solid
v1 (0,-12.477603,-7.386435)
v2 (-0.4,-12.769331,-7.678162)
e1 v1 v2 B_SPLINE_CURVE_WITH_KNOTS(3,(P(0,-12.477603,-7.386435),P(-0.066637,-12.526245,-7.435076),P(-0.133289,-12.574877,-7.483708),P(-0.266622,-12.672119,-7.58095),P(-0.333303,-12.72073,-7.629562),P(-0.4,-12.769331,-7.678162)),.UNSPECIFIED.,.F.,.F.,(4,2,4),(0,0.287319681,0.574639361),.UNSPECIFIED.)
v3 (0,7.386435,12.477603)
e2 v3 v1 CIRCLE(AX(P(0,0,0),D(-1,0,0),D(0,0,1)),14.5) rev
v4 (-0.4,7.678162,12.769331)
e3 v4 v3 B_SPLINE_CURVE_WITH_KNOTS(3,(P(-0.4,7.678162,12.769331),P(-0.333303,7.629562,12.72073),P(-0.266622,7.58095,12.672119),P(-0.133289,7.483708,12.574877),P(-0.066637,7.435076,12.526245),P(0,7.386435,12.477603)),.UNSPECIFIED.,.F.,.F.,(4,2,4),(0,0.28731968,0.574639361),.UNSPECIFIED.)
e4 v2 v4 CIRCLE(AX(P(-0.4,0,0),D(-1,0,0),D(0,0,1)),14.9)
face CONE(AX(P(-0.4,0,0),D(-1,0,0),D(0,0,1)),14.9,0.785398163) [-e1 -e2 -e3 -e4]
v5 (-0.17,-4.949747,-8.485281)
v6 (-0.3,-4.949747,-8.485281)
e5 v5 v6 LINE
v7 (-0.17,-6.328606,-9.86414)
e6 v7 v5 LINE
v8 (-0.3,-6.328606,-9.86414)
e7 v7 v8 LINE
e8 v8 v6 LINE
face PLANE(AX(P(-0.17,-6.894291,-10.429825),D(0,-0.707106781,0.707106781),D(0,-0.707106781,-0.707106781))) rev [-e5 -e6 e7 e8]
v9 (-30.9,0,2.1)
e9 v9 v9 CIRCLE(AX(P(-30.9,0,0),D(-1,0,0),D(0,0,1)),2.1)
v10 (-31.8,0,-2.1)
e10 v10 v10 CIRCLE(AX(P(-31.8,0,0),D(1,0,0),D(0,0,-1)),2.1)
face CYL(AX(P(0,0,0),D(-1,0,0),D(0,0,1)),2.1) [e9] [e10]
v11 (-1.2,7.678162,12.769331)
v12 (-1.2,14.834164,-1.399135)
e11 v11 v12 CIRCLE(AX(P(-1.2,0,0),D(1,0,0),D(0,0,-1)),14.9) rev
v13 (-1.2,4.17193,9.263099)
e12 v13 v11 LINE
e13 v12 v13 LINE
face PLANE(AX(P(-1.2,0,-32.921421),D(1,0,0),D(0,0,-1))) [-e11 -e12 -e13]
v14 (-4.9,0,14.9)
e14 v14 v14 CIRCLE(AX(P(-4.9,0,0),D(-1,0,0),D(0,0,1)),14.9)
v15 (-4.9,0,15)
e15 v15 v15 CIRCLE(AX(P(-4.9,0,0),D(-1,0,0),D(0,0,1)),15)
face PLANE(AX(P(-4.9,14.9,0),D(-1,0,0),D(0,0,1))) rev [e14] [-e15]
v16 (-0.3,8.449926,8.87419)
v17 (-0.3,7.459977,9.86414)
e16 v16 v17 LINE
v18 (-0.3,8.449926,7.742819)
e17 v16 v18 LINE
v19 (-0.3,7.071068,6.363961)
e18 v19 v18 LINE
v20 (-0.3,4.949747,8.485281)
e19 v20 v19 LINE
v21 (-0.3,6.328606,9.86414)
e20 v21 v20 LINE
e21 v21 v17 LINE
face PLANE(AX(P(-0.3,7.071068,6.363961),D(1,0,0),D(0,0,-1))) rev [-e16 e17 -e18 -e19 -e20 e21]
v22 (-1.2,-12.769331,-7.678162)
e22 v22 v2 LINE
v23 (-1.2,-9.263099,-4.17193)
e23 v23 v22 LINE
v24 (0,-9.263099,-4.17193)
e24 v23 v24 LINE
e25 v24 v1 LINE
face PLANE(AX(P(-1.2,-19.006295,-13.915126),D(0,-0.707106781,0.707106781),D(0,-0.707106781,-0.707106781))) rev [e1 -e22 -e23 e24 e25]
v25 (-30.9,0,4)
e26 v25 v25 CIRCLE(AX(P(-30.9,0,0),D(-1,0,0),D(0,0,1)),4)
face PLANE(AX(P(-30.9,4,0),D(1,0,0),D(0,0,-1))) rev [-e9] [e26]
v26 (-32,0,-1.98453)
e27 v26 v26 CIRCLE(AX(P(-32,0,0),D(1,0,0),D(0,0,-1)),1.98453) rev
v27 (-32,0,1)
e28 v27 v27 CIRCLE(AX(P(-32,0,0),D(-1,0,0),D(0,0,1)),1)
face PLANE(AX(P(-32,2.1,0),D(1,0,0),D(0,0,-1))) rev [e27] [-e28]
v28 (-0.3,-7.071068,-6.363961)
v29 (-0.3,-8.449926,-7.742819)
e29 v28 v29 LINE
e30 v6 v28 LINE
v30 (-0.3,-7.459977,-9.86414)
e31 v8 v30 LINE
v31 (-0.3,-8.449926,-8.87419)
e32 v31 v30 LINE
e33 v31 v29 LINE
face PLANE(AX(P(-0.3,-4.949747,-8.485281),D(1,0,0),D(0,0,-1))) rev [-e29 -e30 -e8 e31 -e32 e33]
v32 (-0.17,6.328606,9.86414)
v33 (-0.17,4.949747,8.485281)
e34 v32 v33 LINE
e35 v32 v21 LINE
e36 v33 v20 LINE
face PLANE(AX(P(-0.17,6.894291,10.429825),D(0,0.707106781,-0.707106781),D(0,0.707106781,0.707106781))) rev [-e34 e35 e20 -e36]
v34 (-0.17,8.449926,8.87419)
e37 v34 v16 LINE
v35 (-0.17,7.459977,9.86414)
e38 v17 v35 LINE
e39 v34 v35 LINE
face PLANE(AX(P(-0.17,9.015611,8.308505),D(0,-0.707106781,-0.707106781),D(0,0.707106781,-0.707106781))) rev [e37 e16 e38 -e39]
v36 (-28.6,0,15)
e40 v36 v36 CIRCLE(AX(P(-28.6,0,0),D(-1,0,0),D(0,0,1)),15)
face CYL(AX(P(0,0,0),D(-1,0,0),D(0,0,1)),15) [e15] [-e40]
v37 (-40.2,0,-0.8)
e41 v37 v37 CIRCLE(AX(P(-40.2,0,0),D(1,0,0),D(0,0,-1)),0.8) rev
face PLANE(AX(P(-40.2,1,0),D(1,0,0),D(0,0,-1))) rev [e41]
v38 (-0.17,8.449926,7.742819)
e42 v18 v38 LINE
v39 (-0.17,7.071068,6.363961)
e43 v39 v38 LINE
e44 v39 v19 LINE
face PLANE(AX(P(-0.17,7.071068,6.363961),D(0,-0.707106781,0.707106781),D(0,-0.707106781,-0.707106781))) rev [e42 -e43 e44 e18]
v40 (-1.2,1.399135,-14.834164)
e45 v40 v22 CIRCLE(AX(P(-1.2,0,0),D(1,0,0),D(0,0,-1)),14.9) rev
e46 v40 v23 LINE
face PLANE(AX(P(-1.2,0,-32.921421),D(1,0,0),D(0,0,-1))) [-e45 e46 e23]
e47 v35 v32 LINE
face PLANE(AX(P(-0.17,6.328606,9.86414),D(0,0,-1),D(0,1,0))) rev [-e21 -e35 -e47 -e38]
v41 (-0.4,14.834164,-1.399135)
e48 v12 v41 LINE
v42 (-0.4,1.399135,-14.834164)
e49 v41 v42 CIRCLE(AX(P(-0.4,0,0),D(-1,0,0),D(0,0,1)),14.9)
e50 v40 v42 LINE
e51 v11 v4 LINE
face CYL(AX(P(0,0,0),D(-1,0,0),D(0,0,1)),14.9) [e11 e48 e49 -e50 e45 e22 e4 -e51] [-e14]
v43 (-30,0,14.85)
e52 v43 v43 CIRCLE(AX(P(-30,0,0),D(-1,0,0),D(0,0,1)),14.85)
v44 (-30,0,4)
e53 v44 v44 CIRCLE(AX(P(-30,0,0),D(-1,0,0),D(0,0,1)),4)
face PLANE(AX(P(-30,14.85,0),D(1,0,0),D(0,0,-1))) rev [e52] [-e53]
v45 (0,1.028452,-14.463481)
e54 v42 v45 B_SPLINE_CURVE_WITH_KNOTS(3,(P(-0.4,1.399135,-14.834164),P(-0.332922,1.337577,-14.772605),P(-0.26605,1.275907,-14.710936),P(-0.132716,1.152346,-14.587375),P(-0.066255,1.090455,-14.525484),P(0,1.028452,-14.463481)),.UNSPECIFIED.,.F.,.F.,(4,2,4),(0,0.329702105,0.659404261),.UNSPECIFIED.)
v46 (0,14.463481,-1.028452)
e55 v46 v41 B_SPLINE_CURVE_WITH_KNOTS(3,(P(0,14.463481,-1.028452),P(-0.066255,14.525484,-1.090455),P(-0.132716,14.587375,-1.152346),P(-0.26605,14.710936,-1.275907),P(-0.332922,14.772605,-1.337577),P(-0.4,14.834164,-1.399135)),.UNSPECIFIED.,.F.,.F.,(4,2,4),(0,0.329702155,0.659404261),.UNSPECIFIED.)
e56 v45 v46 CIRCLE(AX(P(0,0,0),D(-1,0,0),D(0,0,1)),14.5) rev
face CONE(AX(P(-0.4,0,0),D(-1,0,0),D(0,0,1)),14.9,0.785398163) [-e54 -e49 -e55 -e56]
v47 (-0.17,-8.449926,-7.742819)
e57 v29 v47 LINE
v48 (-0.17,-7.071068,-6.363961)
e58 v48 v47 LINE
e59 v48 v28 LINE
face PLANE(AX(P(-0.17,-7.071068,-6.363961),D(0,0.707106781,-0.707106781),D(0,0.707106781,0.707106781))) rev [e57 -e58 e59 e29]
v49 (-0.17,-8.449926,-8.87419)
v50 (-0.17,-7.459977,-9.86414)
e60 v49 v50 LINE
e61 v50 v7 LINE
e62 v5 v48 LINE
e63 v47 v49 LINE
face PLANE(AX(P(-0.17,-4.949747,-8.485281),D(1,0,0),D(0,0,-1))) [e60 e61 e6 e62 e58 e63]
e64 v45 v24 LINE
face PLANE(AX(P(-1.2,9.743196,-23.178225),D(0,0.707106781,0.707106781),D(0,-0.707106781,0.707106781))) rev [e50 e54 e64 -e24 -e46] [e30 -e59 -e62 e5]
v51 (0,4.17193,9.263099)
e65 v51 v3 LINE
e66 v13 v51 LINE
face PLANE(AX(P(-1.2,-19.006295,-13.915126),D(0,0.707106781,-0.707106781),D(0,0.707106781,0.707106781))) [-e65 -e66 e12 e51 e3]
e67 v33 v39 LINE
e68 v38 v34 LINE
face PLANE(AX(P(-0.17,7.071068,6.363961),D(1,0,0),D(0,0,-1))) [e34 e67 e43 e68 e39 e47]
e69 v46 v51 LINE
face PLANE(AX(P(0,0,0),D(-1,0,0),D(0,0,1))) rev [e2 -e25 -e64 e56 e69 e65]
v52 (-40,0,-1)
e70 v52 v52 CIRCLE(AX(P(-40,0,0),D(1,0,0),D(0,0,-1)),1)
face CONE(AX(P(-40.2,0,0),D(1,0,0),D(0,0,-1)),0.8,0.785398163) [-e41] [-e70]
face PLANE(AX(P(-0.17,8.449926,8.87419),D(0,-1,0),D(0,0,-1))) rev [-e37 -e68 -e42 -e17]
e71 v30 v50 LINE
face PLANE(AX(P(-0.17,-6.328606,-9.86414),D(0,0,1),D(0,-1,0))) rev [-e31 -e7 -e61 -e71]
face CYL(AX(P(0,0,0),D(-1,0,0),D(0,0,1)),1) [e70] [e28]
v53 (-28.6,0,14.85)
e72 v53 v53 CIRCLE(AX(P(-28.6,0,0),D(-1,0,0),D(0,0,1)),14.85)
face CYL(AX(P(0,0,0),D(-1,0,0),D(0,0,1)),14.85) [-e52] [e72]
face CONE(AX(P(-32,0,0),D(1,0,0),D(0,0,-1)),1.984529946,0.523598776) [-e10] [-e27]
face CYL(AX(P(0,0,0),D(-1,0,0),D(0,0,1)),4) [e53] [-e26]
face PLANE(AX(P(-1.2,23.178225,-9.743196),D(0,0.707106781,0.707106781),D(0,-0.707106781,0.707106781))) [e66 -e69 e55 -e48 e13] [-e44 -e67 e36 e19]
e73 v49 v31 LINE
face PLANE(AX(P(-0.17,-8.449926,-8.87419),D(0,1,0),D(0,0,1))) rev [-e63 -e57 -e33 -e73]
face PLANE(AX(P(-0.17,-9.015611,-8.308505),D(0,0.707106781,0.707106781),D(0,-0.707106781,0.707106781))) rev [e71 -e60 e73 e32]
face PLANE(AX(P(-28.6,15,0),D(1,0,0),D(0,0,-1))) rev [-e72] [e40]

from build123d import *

# Parameters (mm, degrees)
ENL_V_MAT_EXTRU_2_DEPTH = 1.2
CHANFREIN1_SIZE         = 0.2
EXTRUSION1_DEPTH        = 0.13
CHANFREIN2_SIZE         = 0.8
CHANFREIN3_SIZE         = 0.4
CHANFREIN4_SIZE         = 0.2
CHANFREIN4_SIZE2        = 0.115470054


with BuildPart() as part:
    # Esquisse1 → Révolution1 (revolve)
    with BuildSketch(Plane.XY, mode=Mode.PRIVATE) as r_volution1_sk:
        Polygon((0, 0), (0, 14.9), (-4.9, 14.9), (-4.9, 15), (-28.6, 15), (-28.6, 14.85), (-30, 14.85), (-30, 4), (-30.9, 4), (-30.9, 2.1), (-32, 2.1), (-32, 1), (-40.2, 1), (-40.2, 0), align=None)
    revolve(r_volution1_sk.sketch.rotate(Axis((0, 0, 0), (1, 0, 0)), 90), axis=Axis((0, 0, 0), (1, 0, 0)))  # turned: the seam where the file's is

    # Esquisse2 → Enlèv. mat.-Extru.2 (cut)
    with BuildSketch(Plane(origin=(0, 0, 0), x_dir=(0, 0, -1), z_dir=(1, 0, 0))):
        with BuildLine():
            Line((-9.263098834, 4.171930009), (1.399135134, 14.834163976))
            ThreePointArc((1.399135134, 14.834163976), (-6.717323093, 13.299908664), (-12.769331279, 7.678162455))
            Line((-12.769331279, 7.678162455), (-9.263098834, 4.171930009))
        make_face()
        with BuildLine():
            ThreePointArc((14.9, 0), (14.883531893, 0.700341614), (14.834163976, 1.399135134))
            Line((14.834163976, 1.399135134), (4.171930009, -9.263098834))
            Line((4.171930009, -9.263098834), (7.678162455, -12.769331279))
            ThreePointArc((7.678162455, -12.769331279), (12.969476099, -7.335031678), (14.9, 0))
        make_face()
    extrude(amount=-ENL_V_MAT_EXTRU_2_DEPTH, mode=Mode.SUBTRACT)

    # Chanfrein1
    chanfrein1_edges = [part.edges().sort_by_distance(p)[0] for p in [
        (-40.2, 0, -1),
    ]]
    chamfer(chanfrein1_edges, length=CHANFREIN1_SIZE)

    # Esquisse3 → Extrusion1 (add)
    with BuildSketch(Plane(origin=(-0.3, 0, 0), x_dir=(0, 0, -1), z_dir=(1, 0, 0))):
        Polygon((-6.363961031, 7.071067812), (-8.308504679, 9.01561146), (-10.429825023, 6.894291117), (-8.485281374, 4.949747468), align=None)
        Polygon((8.485281374, -4.949747468), (6.363961031, -7.071067812), (8.308504679, -9.01561146), (10.429825023, -6.894291117), align=None)
    extrude(amount=EXTRUSION1_DEPTH)

    # Chanfrein2
    chanfrein2_edges = [part.edges().sort_by_distance(p)[0] for p in [
        (-0.235, 9.01561146, 8.308504679),
        (-0.235, 6.894291117, 10.429825023),
        (-0.235, -6.894291117, -10.429825023),
        (-0.235, -9.01561146, -8.308504679),
    ]]
    chamfer(chanfrein2_edges, length=CHANFREIN2_SIZE)

    # Chanfrein3
    chanfrein3_edges = [part.edges().sort_by_distance(p)[0] for p in [
        (0, 10.53589104, -10.53589104),
        (0, -12.969476099, 7.335031678),
    ]]
    chamfer(chanfrein3_edges, length=CHANFREIN3_SIZE)

    # Chanfrein4
    chanfrein4_edges = [part.edges().sort_by_distance(p)[0] for p in [
        (-32, 0, -2.1),
    ]]
    chanfrein4_side = [part.faces().sort_by_distance(p)[0] for p in [
        (-31.45, 0, -2.1),
    ]]
    chamfer(chanfrein4_edges, length=CHANFREIN4_SIZE, length2=CHANFREIN4_SIZE2, reference=chanfrein4_side[0])


solid = part.part
